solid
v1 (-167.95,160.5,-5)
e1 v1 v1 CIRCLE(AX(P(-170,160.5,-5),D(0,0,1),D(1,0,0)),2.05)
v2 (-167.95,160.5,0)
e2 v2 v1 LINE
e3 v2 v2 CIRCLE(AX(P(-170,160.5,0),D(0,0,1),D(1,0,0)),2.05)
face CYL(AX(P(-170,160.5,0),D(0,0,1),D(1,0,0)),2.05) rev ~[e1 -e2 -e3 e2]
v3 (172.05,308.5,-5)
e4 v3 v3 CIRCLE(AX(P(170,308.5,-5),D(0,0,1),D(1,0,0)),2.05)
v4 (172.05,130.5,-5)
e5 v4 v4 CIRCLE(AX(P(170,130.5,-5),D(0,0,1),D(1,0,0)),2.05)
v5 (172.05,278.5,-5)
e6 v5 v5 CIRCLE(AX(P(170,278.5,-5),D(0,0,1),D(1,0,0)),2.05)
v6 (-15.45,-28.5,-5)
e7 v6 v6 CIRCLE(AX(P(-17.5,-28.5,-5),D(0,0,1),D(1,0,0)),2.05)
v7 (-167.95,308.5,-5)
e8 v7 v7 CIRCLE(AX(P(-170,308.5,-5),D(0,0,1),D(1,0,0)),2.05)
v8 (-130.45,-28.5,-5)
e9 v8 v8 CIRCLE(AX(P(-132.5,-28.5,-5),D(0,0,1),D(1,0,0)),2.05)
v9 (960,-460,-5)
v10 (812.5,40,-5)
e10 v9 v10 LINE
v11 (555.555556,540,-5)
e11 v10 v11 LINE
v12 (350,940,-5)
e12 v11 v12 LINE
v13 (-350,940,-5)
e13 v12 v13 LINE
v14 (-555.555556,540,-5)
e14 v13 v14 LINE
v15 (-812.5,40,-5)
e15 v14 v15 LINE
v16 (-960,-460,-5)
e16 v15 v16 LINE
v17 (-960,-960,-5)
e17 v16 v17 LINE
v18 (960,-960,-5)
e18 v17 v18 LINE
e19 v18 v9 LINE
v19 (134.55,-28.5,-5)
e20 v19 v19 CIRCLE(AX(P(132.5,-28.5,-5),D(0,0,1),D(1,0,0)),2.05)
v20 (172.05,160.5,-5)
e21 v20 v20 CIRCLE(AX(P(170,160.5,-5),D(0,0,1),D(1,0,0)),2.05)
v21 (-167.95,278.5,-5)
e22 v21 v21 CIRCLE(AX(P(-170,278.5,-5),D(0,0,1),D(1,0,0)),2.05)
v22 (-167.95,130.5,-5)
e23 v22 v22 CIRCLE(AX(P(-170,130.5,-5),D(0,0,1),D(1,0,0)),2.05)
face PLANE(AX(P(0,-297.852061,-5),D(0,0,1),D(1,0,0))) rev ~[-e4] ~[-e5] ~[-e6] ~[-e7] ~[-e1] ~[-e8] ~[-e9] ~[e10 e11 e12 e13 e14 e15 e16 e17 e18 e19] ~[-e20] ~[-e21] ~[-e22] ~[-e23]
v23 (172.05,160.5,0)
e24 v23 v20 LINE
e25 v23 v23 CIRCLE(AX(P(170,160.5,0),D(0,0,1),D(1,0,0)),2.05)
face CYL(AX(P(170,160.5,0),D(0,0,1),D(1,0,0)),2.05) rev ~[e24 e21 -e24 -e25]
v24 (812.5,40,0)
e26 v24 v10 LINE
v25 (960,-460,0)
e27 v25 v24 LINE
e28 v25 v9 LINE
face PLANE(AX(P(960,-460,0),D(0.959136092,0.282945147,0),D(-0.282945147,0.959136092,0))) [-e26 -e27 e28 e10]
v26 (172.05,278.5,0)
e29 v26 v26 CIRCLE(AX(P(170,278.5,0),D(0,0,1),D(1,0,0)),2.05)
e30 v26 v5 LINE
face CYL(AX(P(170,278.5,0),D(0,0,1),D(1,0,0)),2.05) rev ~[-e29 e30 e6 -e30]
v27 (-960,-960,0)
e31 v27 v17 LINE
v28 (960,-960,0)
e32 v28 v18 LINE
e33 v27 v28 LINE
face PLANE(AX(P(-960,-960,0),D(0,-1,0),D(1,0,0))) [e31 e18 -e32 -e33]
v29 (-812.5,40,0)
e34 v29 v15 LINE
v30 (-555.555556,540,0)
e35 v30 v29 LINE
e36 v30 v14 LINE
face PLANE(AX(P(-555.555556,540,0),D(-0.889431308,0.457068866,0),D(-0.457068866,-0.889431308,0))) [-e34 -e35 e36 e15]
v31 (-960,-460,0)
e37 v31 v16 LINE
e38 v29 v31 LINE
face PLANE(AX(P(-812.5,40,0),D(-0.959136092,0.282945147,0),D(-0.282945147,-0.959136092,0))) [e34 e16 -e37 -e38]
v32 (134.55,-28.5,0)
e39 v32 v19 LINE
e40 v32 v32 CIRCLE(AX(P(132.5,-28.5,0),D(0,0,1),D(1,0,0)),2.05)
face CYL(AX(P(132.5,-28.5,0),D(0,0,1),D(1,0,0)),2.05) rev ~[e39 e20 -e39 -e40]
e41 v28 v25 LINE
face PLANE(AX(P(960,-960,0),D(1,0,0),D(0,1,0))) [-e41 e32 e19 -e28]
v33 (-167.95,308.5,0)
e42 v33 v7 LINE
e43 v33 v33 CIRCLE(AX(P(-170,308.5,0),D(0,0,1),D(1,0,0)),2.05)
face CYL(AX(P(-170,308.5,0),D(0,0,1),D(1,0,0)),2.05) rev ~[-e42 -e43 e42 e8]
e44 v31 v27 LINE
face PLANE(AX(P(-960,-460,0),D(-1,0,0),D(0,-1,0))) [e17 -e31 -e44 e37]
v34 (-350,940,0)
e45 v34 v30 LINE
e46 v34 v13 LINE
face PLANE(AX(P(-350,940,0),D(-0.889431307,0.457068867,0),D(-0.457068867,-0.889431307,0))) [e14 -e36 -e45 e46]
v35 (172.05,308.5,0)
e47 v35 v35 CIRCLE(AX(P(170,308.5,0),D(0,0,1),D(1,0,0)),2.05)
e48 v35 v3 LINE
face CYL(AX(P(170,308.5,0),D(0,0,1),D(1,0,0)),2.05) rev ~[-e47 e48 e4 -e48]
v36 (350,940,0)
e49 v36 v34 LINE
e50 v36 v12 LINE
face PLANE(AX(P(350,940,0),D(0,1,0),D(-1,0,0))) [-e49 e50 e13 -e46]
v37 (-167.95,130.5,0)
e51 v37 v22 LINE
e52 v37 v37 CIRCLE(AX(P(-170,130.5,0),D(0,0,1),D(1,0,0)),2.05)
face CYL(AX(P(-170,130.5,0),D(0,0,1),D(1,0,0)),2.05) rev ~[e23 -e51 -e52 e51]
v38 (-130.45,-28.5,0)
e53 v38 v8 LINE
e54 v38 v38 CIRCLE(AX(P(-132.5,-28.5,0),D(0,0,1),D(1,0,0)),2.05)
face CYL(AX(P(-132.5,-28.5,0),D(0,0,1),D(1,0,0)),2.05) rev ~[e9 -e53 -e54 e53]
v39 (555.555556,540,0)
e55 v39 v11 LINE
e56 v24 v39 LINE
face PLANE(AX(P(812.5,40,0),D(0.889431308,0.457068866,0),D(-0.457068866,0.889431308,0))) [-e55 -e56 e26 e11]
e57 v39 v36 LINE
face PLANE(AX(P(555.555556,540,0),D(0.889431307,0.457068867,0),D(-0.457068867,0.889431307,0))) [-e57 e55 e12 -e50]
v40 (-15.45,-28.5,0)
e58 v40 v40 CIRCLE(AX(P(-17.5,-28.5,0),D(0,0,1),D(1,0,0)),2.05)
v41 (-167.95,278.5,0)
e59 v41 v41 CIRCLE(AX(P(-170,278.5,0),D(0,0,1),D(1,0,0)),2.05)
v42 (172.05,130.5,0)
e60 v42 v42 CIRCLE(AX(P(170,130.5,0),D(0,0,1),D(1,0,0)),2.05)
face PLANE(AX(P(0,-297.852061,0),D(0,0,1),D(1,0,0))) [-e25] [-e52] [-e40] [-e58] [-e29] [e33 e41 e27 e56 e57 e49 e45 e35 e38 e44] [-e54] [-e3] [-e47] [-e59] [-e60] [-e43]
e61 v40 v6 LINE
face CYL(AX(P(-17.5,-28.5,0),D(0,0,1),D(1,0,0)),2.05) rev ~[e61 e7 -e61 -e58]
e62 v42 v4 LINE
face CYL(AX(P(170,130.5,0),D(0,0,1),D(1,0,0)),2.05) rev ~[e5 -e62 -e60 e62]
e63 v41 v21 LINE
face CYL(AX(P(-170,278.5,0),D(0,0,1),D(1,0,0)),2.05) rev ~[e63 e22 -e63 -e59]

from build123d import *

# Parameters (mm, degrees)
F0_R     = 2.05
F1_DEPTH = 5


with BuildPart() as f1:
    # F0 (on Top) → F1 (new body)
    with BuildSketch(Plane.XY):
        Polygon((-960, -460), (-960, -960), (960, -960), (960, -460), (812.5, 40), (555.555556, 540), (-555.555556, 540), (-812.5, 40), align=None)
        with Locations((-132.5, -28.5)):
            Circle(F0_R, mode=Mode.SUBTRACT)
        with Locations((-17.5, -28.5)):
            Circle(F0_R, mode=Mode.SUBTRACT)
        with Locations((132.5, -28.5)):
            Circle(F0_R, mode=Mode.SUBTRACT)
        with Locations((-170, 130.5)):
            Circle(F0_R, mode=Mode.SUBTRACT)
        with Locations((-170, 160.5)):
            Circle(F0_R, mode=Mode.SUBTRACT)
        with Locations((-170, 278.5)):
            Circle(F0_R, mode=Mode.SUBTRACT)
        with Locations((-170, 308.5)):
            Circle(F0_R, mode=Mode.SUBTRACT)
        with Locations((170, 130.5)):
            Circle(F0_R, mode=Mode.SUBTRACT)
        with Locations((170, 160.5)):
            Circle(F0_R, mode=Mode.SUBTRACT)
        with Locations((170, 278.5)):
            Circle(F0_R, mode=Mode.SUBTRACT)
        with Locations((170, 308.5)):
            Circle(F0_R, mode=Mode.SUBTRACT)
        Polygon((-350, 940), (-555.555556, 540), (555.555556, 540), (350, 940), align=None)
    extrude(amount=-F1_DEPTH)


solid = f1.part
